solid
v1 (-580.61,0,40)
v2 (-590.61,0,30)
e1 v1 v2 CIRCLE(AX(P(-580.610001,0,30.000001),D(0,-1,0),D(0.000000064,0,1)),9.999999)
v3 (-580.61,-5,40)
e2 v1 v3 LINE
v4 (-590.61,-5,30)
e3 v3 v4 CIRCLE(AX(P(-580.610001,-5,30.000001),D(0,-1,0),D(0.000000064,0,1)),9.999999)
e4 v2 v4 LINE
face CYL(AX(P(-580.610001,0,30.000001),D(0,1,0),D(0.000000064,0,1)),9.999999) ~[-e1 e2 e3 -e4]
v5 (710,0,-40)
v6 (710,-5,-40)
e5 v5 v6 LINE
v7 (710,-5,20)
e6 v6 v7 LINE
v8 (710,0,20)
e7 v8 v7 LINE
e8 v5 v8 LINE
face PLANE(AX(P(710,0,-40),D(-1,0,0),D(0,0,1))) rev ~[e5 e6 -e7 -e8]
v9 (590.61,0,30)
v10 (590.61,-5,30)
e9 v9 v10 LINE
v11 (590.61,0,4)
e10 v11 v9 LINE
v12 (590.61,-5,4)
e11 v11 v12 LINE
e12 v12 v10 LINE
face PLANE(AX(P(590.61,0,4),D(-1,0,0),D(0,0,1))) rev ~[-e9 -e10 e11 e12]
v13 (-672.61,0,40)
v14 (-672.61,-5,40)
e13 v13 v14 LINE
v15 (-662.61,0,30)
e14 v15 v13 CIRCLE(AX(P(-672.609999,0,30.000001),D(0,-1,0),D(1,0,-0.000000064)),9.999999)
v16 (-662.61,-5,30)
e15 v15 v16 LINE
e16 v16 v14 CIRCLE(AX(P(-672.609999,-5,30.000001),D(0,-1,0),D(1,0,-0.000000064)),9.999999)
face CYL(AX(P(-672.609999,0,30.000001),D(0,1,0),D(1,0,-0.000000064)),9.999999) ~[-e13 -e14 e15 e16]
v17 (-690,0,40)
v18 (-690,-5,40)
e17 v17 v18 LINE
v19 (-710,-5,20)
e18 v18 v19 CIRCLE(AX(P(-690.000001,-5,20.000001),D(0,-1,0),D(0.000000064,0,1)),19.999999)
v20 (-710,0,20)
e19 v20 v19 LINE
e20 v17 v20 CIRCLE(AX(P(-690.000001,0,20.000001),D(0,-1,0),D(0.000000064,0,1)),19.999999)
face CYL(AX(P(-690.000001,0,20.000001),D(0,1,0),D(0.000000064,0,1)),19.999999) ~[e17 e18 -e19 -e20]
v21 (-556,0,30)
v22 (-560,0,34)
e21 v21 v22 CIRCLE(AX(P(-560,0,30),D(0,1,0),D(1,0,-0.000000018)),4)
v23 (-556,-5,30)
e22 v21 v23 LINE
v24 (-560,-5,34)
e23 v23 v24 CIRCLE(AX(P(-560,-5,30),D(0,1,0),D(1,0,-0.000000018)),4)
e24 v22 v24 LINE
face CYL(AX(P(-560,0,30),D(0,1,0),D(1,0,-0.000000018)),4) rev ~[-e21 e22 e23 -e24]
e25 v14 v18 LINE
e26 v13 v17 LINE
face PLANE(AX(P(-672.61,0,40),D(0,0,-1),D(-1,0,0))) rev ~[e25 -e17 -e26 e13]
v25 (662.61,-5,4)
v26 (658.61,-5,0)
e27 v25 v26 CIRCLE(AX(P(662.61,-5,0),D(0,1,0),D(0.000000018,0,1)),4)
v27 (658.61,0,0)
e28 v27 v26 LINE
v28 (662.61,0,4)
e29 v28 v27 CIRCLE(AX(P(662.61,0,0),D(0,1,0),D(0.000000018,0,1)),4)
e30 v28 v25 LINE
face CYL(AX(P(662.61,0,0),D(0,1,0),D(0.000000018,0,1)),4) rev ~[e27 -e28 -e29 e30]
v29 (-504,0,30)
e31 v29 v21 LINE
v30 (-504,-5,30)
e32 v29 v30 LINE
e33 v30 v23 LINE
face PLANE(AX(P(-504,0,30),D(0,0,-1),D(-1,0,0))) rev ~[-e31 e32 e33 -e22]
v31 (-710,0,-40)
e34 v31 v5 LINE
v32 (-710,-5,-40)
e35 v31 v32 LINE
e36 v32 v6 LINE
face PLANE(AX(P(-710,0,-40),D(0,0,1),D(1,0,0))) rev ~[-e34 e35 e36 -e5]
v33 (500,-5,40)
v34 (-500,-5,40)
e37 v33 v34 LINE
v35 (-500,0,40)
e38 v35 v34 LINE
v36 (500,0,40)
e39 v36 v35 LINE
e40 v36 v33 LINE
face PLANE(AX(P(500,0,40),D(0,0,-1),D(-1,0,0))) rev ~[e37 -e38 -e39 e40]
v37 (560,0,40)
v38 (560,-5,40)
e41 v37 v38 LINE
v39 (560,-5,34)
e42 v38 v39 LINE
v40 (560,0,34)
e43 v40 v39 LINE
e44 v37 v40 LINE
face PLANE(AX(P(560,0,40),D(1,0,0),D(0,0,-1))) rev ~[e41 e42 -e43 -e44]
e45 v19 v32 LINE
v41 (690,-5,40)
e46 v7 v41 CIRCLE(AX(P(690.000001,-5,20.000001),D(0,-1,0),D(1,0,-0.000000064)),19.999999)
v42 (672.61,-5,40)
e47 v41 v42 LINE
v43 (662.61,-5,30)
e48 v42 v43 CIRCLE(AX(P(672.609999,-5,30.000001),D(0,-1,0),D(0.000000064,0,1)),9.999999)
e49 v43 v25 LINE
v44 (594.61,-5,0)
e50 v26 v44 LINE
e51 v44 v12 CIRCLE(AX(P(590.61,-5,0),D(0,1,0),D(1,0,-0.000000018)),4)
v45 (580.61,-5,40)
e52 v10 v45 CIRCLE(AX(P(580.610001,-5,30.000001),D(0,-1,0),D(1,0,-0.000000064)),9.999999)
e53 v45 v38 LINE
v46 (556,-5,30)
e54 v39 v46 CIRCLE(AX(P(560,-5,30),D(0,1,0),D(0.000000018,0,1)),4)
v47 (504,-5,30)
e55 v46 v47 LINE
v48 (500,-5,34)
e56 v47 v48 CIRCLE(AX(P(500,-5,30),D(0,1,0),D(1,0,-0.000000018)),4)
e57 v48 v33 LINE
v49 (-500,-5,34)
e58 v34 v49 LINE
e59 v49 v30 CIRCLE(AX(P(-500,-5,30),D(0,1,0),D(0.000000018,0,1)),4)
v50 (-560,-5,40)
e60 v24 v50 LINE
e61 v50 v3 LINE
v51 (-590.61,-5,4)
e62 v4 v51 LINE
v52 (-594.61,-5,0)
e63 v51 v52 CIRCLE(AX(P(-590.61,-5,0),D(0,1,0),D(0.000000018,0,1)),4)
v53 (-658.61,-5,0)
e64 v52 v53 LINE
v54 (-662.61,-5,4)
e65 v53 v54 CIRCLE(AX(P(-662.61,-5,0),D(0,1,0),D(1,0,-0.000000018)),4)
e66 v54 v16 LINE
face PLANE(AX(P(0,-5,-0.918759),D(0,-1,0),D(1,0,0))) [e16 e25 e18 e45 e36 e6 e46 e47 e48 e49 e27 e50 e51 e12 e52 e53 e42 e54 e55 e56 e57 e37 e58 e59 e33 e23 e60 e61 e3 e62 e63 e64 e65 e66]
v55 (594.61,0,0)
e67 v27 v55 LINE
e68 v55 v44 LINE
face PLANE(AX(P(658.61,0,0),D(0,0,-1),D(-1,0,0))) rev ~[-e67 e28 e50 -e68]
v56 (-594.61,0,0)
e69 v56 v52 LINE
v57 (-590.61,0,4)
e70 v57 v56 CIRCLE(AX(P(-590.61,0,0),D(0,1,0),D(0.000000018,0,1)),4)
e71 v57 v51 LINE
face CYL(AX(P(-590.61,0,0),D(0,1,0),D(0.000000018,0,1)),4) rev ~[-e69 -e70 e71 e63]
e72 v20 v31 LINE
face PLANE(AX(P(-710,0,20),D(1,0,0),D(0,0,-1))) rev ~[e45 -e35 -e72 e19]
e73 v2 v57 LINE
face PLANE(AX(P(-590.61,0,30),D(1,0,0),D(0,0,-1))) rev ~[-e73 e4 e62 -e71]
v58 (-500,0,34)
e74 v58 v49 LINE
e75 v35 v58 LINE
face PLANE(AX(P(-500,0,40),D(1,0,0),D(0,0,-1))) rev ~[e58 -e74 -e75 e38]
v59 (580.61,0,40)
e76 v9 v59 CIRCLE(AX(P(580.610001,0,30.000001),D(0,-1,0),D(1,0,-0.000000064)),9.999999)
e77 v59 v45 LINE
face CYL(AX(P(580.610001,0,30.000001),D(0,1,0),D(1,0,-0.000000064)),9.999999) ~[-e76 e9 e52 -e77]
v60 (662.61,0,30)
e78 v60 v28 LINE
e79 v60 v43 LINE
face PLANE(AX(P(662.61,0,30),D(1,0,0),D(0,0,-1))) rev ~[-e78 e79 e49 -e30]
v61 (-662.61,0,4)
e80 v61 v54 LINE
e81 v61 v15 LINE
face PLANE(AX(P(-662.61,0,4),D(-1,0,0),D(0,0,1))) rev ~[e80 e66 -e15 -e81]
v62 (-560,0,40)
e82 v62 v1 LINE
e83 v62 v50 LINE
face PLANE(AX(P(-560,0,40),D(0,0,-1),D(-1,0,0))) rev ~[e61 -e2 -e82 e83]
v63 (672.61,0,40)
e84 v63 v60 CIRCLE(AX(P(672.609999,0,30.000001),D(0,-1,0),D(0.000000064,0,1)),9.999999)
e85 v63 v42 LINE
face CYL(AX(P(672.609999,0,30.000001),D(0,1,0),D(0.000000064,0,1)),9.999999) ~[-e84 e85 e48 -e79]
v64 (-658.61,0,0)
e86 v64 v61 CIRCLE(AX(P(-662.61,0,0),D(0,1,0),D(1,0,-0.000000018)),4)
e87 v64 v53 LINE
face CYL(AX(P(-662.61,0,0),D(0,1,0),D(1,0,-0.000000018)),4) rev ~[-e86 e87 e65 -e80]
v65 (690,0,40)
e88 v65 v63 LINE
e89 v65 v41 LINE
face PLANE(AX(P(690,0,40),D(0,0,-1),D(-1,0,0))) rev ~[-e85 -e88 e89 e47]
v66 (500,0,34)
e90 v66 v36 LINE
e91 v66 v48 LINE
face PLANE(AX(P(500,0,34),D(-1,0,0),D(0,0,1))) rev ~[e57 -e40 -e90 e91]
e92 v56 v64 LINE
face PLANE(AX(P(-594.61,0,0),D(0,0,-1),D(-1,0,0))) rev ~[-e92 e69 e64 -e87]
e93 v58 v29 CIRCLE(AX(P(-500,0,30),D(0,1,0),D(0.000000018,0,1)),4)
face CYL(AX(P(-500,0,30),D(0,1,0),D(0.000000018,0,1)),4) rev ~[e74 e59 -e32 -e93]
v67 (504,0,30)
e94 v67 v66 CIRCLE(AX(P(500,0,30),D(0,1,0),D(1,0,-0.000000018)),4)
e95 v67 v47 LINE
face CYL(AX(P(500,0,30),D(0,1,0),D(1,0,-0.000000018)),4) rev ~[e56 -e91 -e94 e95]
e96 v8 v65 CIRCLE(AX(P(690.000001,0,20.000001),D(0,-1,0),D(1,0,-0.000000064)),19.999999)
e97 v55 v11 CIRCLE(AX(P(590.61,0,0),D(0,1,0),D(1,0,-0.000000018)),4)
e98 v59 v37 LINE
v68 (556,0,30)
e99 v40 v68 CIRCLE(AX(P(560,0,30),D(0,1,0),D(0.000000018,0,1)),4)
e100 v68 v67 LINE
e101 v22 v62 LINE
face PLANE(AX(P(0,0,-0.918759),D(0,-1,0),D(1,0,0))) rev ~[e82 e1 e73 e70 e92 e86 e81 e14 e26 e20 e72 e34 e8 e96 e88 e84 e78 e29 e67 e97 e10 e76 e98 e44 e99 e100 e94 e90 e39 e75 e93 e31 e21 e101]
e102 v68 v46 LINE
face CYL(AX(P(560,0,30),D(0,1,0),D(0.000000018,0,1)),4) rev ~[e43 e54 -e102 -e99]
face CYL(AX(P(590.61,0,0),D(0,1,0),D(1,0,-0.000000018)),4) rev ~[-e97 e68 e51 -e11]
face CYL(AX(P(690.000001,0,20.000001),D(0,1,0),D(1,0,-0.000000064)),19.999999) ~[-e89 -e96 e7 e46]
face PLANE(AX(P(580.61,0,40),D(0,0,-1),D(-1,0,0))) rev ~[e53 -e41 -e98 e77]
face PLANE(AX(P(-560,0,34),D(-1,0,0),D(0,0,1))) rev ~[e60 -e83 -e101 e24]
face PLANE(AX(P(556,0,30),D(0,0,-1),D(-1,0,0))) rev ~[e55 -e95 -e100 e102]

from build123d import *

# Parameters (mm, degrees)
F1_DEPTH = 5


with BuildPart() as f1:
    # F0 (on Front) → F1 (new body)
    with BuildSketch(Plane.XZ):
        with BuildLine():
            Line((-672.61, 40), (-690, 40))
            ThreePointArc((-690, 40), (-704.142136, 34.142136), (-710, 20))
            Line((-710, 20), (-710, -40))
            Line((-710, -40), (710, -40))
            Line((710, -40), (710, 20))
            ThreePointArc((710, 20), (704.142136, 34.142136), (690, 40))
            Line((690, 40), (672.61, 40))
            ThreePointArc((672.61, 40), (665.538932, 37.071068), (662.61, 30))
            Line((662.61, 30), (662.61, 4))
            ThreePointArc((662.61, 4), (665.438427, -2.828427), (658.61, 0))
            Line((658.61, 0), (594.61, 0))
            ThreePointArc((594.61, 0), (587.781573, -2.828427), (590.61, 4))
            Line((590.61, 4), (590.61, 30))
            ThreePointArc((590.61, 30), (587.681068, 37.071068), (580.61, 40))
            Line((580.61, 40), (560, 40))
            Line((560, 40), (560, 34))
            ThreePointArc((560, 34), (562.828427, 27.171573), (556, 30))
            Line((556, 30), (504, 30))
            ThreePointArc((504, 30), (497.171573, 27.171573), (500, 34))
            Line((500, 34), (500, 40))
            Line((500, 40), (-500, 40))
            Line((-500, 40), (-500, 34))
            ThreePointArc((-500, 34), (-497.171573, 27.171573), (-504, 30))
            Line((-504, 30), (-556, 30))
            ThreePointArc((-556, 30), (-562.828427, 27.171573), (-560, 34))
            Line((-560, 34), (-560, 40))
            Line((-560, 40), (-580.61, 40))
            ThreePointArc((-580.61, 40), (-587.681068, 37.071068), (-590.61, 30))
            Line((-590.61, 30), (-590.61, 4))
            ThreePointArc((-590.61, 4), (-587.781573, -2.828427), (-594.61, 0))
            Line((-594.61, 0), (-658.61, 0))
            ThreePointArc((-658.61, 0), (-665.438427, -2.828427), (-662.61, 4))
            Line((-662.61, 4), (-662.61, 30))
            ThreePointArc((-662.61, 30), (-665.538932, 37.071068), (-672.61, 40))
        make_face()
    extrude(amount=F1_DEPTH)


solid = f1.part
